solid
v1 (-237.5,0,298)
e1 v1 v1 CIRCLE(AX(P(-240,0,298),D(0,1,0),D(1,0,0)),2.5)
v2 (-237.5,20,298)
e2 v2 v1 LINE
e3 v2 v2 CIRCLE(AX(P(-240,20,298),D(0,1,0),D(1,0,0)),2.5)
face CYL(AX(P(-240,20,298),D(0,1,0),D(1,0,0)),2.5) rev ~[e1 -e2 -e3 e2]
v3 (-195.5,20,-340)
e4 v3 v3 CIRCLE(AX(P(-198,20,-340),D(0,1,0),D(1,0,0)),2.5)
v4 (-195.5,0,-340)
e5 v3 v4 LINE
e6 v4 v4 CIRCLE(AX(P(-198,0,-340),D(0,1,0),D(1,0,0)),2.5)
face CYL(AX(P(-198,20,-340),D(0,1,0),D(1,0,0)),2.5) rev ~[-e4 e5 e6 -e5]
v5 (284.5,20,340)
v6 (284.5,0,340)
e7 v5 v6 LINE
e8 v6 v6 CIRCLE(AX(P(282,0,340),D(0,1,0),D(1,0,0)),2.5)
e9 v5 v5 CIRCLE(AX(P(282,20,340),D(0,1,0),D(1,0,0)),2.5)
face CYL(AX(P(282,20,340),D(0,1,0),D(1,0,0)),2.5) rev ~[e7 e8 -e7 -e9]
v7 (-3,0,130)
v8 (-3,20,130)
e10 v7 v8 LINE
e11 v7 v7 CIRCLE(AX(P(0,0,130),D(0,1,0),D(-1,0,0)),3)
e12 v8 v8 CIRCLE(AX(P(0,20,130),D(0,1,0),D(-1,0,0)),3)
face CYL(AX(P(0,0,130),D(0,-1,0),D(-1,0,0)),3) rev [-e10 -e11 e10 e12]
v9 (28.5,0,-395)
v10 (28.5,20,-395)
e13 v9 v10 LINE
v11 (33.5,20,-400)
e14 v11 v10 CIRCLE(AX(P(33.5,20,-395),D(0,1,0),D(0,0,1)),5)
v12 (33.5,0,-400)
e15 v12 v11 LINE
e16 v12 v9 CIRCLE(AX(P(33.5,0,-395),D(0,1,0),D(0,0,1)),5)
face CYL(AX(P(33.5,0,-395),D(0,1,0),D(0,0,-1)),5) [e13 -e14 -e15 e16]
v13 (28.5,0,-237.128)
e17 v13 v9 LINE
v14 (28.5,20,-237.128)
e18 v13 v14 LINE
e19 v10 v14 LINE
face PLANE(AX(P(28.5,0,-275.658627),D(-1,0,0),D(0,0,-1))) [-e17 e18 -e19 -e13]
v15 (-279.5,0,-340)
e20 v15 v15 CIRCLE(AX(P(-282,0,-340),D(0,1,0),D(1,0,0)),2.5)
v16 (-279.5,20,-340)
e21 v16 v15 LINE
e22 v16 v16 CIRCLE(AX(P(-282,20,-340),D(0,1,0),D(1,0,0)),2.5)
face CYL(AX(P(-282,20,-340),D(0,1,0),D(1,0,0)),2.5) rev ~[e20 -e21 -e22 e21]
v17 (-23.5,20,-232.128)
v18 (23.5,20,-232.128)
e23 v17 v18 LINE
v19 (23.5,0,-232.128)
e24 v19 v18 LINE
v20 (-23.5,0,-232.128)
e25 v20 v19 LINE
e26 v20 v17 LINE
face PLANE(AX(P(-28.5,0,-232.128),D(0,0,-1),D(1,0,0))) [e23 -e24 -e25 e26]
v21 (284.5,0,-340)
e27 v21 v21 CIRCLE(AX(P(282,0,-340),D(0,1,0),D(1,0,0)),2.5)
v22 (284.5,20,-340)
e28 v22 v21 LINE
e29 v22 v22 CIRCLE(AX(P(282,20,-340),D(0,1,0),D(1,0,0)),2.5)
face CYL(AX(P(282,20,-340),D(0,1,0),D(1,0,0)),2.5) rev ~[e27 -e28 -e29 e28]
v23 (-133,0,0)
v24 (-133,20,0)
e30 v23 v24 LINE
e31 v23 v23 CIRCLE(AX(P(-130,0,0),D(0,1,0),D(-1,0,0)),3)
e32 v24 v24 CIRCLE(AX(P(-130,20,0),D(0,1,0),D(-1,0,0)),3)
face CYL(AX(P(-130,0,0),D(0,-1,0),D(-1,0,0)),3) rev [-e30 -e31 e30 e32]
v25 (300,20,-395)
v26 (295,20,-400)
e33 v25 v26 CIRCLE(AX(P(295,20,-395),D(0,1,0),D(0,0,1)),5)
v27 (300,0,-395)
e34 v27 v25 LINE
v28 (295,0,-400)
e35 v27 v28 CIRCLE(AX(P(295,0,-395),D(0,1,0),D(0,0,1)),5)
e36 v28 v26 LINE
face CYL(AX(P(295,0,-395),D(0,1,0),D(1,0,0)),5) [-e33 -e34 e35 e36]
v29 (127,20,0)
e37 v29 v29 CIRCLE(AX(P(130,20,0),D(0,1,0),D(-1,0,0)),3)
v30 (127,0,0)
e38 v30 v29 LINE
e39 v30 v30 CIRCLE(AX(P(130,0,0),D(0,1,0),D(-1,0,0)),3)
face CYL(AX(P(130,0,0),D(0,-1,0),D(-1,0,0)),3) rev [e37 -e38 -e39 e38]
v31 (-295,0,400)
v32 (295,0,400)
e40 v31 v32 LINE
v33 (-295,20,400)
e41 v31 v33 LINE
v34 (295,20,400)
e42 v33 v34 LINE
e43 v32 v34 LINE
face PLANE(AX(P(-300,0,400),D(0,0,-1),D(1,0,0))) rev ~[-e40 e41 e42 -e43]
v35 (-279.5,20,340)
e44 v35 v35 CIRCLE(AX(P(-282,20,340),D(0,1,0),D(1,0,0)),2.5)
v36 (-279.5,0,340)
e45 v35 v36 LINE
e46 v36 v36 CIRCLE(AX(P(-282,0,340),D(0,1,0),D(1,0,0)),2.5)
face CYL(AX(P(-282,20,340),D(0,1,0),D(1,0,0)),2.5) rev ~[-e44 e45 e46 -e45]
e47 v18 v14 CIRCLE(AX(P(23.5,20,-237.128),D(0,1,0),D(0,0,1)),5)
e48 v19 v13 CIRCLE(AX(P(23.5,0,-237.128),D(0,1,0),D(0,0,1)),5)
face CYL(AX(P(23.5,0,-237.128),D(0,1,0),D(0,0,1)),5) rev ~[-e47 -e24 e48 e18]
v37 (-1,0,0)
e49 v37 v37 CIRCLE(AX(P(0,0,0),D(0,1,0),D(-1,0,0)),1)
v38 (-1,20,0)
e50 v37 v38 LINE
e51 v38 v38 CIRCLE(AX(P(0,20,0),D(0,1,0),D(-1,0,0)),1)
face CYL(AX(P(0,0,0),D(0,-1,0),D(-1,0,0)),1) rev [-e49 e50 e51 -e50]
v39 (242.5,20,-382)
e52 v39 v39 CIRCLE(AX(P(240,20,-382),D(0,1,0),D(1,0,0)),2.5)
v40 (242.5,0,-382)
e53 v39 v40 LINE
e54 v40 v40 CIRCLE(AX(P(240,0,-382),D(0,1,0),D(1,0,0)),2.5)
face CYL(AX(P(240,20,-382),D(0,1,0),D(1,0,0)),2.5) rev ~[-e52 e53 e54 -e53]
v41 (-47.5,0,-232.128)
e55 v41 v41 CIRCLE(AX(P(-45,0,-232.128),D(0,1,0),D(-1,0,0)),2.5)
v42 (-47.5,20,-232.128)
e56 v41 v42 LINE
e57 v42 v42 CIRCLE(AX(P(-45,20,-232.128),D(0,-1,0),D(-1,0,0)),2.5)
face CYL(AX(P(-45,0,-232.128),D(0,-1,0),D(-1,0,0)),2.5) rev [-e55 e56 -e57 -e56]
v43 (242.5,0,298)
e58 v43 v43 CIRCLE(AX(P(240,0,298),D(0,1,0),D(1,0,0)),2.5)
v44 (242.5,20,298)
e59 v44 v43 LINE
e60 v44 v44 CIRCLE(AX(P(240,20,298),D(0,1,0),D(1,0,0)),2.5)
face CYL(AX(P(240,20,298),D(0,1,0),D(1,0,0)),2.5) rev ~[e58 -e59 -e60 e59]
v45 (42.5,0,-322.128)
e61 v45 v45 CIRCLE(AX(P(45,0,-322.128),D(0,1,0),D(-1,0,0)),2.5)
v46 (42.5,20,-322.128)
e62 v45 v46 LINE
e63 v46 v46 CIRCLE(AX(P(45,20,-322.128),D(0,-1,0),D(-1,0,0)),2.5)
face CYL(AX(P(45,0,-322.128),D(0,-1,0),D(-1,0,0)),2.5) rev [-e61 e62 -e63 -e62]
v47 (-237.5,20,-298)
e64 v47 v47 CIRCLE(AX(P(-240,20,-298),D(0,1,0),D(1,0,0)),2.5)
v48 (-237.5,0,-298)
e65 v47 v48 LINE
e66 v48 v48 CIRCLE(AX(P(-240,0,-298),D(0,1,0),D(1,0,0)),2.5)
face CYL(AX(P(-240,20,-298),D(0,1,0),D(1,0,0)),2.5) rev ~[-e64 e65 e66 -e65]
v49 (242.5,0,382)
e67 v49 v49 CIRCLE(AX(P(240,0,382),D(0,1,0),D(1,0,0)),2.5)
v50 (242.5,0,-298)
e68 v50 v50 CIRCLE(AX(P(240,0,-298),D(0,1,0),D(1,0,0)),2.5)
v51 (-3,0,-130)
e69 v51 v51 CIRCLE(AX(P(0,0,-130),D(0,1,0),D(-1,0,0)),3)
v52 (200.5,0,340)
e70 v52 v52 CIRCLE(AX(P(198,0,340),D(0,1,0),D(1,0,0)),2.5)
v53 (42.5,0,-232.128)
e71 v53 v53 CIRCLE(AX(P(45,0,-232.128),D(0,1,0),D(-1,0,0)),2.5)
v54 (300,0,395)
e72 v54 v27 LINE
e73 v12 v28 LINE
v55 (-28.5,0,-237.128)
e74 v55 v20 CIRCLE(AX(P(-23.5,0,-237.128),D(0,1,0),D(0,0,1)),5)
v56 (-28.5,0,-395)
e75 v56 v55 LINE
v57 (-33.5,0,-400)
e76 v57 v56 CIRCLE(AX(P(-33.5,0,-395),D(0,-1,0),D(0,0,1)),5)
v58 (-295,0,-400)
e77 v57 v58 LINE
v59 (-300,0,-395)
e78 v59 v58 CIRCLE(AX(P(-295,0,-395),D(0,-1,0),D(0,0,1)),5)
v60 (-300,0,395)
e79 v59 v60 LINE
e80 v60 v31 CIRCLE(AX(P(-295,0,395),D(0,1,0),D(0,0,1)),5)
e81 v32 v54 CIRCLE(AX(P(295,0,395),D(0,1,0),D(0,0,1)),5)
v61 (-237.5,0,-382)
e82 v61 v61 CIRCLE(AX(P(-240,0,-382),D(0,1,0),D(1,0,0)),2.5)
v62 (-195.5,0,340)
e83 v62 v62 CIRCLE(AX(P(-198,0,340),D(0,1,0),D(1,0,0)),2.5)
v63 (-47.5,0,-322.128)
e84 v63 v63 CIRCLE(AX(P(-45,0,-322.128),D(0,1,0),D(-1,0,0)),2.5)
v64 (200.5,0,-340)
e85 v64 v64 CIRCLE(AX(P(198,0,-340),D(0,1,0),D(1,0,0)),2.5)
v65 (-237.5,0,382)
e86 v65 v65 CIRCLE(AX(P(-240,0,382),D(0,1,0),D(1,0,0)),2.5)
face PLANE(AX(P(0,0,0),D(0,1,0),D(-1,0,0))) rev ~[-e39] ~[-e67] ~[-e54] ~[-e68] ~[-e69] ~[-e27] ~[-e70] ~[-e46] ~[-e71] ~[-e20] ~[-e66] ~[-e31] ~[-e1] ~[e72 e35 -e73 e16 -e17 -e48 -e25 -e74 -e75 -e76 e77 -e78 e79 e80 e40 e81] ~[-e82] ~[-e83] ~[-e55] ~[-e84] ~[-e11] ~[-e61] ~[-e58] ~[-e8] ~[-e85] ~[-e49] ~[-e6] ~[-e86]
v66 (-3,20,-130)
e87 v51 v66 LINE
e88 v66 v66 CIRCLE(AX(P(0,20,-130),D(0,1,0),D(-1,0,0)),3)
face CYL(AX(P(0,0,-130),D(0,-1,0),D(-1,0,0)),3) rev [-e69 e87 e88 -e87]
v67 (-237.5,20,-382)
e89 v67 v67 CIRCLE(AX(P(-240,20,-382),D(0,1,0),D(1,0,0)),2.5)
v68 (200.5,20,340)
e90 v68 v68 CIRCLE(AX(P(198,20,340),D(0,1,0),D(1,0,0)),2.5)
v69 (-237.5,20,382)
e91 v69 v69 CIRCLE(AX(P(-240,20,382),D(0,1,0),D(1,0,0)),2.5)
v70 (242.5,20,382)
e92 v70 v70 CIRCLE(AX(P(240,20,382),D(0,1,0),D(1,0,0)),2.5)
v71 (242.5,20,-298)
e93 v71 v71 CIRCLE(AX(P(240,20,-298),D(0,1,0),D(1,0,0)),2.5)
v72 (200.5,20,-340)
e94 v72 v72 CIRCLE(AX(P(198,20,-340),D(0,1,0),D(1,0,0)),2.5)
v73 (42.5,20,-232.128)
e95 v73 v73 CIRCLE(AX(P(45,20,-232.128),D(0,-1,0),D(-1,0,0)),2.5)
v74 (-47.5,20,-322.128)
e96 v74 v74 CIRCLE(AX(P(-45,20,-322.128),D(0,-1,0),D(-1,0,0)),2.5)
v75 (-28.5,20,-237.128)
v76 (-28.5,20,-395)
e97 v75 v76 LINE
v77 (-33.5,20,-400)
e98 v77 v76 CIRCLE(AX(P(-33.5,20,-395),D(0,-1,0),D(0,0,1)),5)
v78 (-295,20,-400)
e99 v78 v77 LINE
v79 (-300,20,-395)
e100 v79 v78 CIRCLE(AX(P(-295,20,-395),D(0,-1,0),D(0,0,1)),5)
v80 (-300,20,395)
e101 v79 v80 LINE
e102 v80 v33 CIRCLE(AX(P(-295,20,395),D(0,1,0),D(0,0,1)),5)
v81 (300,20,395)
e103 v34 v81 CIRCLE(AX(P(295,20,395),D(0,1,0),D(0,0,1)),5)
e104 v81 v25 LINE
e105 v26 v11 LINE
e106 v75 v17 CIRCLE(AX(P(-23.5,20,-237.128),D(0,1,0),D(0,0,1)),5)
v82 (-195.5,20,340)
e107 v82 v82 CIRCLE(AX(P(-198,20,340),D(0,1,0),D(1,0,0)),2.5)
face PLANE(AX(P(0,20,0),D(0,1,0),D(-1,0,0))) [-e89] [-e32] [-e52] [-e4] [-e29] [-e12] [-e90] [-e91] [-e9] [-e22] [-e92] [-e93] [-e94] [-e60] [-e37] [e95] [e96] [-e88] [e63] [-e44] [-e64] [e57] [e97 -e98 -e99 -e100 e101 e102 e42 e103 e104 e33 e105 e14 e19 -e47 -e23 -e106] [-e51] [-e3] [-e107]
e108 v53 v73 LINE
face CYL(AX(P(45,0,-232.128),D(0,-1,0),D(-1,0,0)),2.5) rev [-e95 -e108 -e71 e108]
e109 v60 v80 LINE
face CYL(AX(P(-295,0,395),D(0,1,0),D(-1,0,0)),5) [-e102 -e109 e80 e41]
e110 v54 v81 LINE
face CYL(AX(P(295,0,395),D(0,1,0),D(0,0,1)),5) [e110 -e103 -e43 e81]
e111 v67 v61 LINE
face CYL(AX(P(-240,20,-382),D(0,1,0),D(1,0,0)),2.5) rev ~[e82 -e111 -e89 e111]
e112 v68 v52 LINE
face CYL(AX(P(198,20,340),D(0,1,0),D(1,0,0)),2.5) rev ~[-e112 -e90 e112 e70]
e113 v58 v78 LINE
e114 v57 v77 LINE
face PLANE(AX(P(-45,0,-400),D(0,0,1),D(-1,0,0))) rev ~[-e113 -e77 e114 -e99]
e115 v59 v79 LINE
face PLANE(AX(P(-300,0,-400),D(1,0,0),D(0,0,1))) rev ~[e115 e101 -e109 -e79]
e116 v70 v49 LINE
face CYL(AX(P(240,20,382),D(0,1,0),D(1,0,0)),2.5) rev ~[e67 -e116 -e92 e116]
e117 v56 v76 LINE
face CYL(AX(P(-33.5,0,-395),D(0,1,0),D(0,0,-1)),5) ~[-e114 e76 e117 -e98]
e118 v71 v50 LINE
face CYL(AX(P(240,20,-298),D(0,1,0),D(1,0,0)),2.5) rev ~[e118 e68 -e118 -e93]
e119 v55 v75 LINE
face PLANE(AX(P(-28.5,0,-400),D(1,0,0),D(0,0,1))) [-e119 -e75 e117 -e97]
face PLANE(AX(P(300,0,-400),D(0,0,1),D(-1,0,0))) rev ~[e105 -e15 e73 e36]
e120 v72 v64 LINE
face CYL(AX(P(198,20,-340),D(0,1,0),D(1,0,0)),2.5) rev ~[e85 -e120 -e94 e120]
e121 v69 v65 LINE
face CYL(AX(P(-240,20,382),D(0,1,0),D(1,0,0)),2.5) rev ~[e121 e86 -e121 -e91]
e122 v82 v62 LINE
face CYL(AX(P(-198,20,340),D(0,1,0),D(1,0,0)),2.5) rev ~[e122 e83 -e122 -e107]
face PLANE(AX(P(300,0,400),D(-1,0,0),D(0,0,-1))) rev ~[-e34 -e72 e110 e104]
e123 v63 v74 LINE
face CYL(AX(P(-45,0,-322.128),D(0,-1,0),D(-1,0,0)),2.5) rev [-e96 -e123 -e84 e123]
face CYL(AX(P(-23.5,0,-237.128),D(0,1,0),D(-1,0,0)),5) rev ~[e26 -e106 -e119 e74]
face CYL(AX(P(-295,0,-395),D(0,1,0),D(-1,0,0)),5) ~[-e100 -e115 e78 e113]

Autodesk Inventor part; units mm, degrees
ref_plane "YZ Plane" through (0, 0, 0) normal (1, 0, 0) x (0, 1, 0)
ref_plane "XZ Plane" through (0, 0, 0) normal (0, 1, 0) x (-1, 0, 0)
ref_plane "XY Plane" through (0, 0, 0) normal (0, 0, 1) x (1, 0, 0)
sketch "Sketch1" plane through (0, 0, 0) normal (0, 1, 0) x (-1, 0, 0)
  line L0 (300, 400) -> (-300, 400)
  line L1 (-300, 400) -> (-300, -400)
  line L2 (-300, -400) -> (300, -400)
  line L3 (300, -400) -> (300, 400)
  line L4 (300, 400) -> (-300, -400) construction
  circle A0 centre (130, 0) radius 3
  circle A1 centre (0, 130) radius 3
  circle A2 centre (-130, 0) radius 3
  circle A3 centre (0, -130) radius 3
  circle A4 centre (0, 0) radius 277.128
  line L5 (45, -232.128) -> (-45, -232.128)
  line L6 (-45, -232.128) -> (-45, -322.128)
  line L7 (-45, -322.128) -> (45, -322.128)
  line L8 (45, -322.128) -> (45, -232.128)
  line L9 (45, -232.128) -> (-45, -322.128) construction
  line L10 (-45, -232.128) -> (45, -322.128) construction
  circle A5 centre (45, -232.128) radius 2.5
  line L11 (28.5, -232.128) -> (-28.5, -232.128)
  line L12 (-28.5, -232.128) -> (-28.5, -322.128)
  line L13 (-28.5, -322.128) -> (28.5, -322.128)
  line L14 (28.5, -322.128) -> (28.5, -232.128)
  line L15 (28.5, -232.128) -> (-28.5, -322.128) construction
  line L16 (-28.5, -232.128) -> (28.5, -322.128) construction
  line L17 (45, -322.128) -> (-45, -322.128)
  line L18 (-45, -322.128) -> (-45, -400)
  line L19 (-45, -400) -> (45, -400)
  line L20 (45, -400) -> (45, -322.128)
  line L21 (28.5, -322.128) -> (-28.5, -322.128)
  line L22 (-28.5, -322.128) -> (-28.5, -400)
  line L23 (-28.5, -400) -> (28.5, -400)
  line L24 (28.5, -400) -> (28.5, -322.128)
  circle A6 centre (45, -322.128) radius 2.5
  circle A7 centre (-45, -232.128) radius 2.5
  circle A8 centre (-45, -322.128) radius 2.5
  circle A9 centre (0, 0) radius 1
  point P0 (0, -277.128)
  point P1 (28.5, -400)
  dimension "d10" = 554.256
  dimension "d0" = 600
  dimension "d1" = 800
  dimension "d2" = 6
  dimension "d3" = 130
  dimension "d6" = 360
  dimension "d41" = 90
  dimension "d42" = 90
  dimension "d43" = 5
  dimension "d52" = 57
  dimension "d75" = 90
  dimension "d78" = 90
  dimension "d82" = 2
extrude "Extrusion1" add sketch "Sketch1" along normal blind 20 contours L3 L2 L20 A6 L8 A4 L6 A8 L18 L1 L0 | L2 L24 L7 A6 L20 | L18 A8 L7 L22 L2 | L14 A4 L8 A6 L7 | L7 A8 L6 A4 L12 | L14 L5 A5 L8 A4 | A4 L6 A7 L5 L12 | A4 L8 A5 L5 A7 L6
sketch "Sketch3" plane through (0, 20, 0) normal (0, 1, 0) x (1, 0, 0)
  line L0 (-300, -400) -> (-180, -400)
  line L1 (-180, -400) -> (-180, -280)
  line L2 (-180, -280) -> (-300, -280)
  line L3 (-300, -280) -> (-300, -400)
  line L4 (-300, -400) -> (-180, -280) construction
  line L5 (-180, -400) -> (-300, -280) construction
  line L6 (-300, 400) -> (-300, -400) projected
  line L7 (-300, -400) -> (300, -400) projected
  circle A0 centre (-282, -340) radius 2.5
  circle A1 centre (-240, -382) radius 2.5
  circle A2 centre (-198, -340) radius 2.5
  circle A3 centre (-240, -298) radius 2.5
  line L8 (300, 400) -> (-300, 400) projected
  circle A4 centre (-240, 382) radius 2.5
  line L9 (-300, 400) -> (-300, 280)
  line L10 (-180, 280) -> (-300, 400) construction
  line L11 (-180, 280) -> (-180, 400)
  line L12 (-180, 400) -> (-300, 400)
  line L13 (-300, 280) -> (-180, 400) construction
  circle A5 centre (-198, 340) radius 2.5
  circle A6 centre (-282, 340) radius 2.5
  circle A7 centre (-240, 298) radius 2.5
  line L14 (-300, 280) -> (-180, 280)
  circle A8 centre (240, -298) radius 2.5
  line L15 (180, -280) -> (180, -400)
  line L16 (300, -400) -> (180, -280) construction
  line L17 (300, -400) -> (300, -280)
  line L18 (300, -280) -> (180, -280)
  line L19 (180, -400) -> (300, -280) construction
  circle A9 centre (282, -340) radius 2.5
  circle A10 centre (198, -340) radius 2.5
  circle A11 centre (240, -382) radius 2.5
  line L20 (180, -400) -> (300, -400)
  circle A12 centre (240, 382) radius 2.5
  line L21 (180, 400) -> (180, 280)
  line L22 (300, 280) -> (180, 400) construction
  line L23 (300, 280) -> (300, 400)
  line L24 (300, 400) -> (180, 400)
  line L25 (180, 280) -> (300, 400) construction
  circle A13 centre (282, 340) radius 2.5
  circle A14 centre (198, 340) radius 2.5
  circle A15 centre (240, 298) radius 2.5
  line L26 (180, 280) -> (300, 280)
  point P0 (0, 0)
  point P1 (-240, -340)
  point P2 (-240, 340)
  point P3 (240, -340)
  point P4 (240, 340)
  dimension "d53" = 120
  dimension "d54" = 120
  dimension "d55" = 60
  dimension "d56" = 60
  dimension "d57" = 5
  dimension "d58" = 42
  dimension "d61" = 360
  dimension "d67" = 680
  dimension "d70" = 480
extrude "Extrusion3" cut sketch "Sketch3" against normal through all contours A0 | A1 | A2 | A3 | A4 | A5 | A6 | A7 | A8 | A9 | A10 | A11 | A12 | A13 | A14 | A15
fillet "Fillet3" radius 5 8 edges at (300, 10, 400) (300, 10, -400) (-28.5, 10, -400) (28.5, 10, -400) (-28.5, 10, -232.128) (28.5, 10, -232.128) (-300, 10, -400) (-300, 10, 400)
equation "\"d0\" = Width"
equation "\"d1\" = Length"
equation "\"d3\" = BearingHoleRadius1"
equation "\"Width\" = 600"
equation "\"Length\" = 800"
equation "\"BearingHoleRadius1\" = 130"
properties part number "turntablebase"
